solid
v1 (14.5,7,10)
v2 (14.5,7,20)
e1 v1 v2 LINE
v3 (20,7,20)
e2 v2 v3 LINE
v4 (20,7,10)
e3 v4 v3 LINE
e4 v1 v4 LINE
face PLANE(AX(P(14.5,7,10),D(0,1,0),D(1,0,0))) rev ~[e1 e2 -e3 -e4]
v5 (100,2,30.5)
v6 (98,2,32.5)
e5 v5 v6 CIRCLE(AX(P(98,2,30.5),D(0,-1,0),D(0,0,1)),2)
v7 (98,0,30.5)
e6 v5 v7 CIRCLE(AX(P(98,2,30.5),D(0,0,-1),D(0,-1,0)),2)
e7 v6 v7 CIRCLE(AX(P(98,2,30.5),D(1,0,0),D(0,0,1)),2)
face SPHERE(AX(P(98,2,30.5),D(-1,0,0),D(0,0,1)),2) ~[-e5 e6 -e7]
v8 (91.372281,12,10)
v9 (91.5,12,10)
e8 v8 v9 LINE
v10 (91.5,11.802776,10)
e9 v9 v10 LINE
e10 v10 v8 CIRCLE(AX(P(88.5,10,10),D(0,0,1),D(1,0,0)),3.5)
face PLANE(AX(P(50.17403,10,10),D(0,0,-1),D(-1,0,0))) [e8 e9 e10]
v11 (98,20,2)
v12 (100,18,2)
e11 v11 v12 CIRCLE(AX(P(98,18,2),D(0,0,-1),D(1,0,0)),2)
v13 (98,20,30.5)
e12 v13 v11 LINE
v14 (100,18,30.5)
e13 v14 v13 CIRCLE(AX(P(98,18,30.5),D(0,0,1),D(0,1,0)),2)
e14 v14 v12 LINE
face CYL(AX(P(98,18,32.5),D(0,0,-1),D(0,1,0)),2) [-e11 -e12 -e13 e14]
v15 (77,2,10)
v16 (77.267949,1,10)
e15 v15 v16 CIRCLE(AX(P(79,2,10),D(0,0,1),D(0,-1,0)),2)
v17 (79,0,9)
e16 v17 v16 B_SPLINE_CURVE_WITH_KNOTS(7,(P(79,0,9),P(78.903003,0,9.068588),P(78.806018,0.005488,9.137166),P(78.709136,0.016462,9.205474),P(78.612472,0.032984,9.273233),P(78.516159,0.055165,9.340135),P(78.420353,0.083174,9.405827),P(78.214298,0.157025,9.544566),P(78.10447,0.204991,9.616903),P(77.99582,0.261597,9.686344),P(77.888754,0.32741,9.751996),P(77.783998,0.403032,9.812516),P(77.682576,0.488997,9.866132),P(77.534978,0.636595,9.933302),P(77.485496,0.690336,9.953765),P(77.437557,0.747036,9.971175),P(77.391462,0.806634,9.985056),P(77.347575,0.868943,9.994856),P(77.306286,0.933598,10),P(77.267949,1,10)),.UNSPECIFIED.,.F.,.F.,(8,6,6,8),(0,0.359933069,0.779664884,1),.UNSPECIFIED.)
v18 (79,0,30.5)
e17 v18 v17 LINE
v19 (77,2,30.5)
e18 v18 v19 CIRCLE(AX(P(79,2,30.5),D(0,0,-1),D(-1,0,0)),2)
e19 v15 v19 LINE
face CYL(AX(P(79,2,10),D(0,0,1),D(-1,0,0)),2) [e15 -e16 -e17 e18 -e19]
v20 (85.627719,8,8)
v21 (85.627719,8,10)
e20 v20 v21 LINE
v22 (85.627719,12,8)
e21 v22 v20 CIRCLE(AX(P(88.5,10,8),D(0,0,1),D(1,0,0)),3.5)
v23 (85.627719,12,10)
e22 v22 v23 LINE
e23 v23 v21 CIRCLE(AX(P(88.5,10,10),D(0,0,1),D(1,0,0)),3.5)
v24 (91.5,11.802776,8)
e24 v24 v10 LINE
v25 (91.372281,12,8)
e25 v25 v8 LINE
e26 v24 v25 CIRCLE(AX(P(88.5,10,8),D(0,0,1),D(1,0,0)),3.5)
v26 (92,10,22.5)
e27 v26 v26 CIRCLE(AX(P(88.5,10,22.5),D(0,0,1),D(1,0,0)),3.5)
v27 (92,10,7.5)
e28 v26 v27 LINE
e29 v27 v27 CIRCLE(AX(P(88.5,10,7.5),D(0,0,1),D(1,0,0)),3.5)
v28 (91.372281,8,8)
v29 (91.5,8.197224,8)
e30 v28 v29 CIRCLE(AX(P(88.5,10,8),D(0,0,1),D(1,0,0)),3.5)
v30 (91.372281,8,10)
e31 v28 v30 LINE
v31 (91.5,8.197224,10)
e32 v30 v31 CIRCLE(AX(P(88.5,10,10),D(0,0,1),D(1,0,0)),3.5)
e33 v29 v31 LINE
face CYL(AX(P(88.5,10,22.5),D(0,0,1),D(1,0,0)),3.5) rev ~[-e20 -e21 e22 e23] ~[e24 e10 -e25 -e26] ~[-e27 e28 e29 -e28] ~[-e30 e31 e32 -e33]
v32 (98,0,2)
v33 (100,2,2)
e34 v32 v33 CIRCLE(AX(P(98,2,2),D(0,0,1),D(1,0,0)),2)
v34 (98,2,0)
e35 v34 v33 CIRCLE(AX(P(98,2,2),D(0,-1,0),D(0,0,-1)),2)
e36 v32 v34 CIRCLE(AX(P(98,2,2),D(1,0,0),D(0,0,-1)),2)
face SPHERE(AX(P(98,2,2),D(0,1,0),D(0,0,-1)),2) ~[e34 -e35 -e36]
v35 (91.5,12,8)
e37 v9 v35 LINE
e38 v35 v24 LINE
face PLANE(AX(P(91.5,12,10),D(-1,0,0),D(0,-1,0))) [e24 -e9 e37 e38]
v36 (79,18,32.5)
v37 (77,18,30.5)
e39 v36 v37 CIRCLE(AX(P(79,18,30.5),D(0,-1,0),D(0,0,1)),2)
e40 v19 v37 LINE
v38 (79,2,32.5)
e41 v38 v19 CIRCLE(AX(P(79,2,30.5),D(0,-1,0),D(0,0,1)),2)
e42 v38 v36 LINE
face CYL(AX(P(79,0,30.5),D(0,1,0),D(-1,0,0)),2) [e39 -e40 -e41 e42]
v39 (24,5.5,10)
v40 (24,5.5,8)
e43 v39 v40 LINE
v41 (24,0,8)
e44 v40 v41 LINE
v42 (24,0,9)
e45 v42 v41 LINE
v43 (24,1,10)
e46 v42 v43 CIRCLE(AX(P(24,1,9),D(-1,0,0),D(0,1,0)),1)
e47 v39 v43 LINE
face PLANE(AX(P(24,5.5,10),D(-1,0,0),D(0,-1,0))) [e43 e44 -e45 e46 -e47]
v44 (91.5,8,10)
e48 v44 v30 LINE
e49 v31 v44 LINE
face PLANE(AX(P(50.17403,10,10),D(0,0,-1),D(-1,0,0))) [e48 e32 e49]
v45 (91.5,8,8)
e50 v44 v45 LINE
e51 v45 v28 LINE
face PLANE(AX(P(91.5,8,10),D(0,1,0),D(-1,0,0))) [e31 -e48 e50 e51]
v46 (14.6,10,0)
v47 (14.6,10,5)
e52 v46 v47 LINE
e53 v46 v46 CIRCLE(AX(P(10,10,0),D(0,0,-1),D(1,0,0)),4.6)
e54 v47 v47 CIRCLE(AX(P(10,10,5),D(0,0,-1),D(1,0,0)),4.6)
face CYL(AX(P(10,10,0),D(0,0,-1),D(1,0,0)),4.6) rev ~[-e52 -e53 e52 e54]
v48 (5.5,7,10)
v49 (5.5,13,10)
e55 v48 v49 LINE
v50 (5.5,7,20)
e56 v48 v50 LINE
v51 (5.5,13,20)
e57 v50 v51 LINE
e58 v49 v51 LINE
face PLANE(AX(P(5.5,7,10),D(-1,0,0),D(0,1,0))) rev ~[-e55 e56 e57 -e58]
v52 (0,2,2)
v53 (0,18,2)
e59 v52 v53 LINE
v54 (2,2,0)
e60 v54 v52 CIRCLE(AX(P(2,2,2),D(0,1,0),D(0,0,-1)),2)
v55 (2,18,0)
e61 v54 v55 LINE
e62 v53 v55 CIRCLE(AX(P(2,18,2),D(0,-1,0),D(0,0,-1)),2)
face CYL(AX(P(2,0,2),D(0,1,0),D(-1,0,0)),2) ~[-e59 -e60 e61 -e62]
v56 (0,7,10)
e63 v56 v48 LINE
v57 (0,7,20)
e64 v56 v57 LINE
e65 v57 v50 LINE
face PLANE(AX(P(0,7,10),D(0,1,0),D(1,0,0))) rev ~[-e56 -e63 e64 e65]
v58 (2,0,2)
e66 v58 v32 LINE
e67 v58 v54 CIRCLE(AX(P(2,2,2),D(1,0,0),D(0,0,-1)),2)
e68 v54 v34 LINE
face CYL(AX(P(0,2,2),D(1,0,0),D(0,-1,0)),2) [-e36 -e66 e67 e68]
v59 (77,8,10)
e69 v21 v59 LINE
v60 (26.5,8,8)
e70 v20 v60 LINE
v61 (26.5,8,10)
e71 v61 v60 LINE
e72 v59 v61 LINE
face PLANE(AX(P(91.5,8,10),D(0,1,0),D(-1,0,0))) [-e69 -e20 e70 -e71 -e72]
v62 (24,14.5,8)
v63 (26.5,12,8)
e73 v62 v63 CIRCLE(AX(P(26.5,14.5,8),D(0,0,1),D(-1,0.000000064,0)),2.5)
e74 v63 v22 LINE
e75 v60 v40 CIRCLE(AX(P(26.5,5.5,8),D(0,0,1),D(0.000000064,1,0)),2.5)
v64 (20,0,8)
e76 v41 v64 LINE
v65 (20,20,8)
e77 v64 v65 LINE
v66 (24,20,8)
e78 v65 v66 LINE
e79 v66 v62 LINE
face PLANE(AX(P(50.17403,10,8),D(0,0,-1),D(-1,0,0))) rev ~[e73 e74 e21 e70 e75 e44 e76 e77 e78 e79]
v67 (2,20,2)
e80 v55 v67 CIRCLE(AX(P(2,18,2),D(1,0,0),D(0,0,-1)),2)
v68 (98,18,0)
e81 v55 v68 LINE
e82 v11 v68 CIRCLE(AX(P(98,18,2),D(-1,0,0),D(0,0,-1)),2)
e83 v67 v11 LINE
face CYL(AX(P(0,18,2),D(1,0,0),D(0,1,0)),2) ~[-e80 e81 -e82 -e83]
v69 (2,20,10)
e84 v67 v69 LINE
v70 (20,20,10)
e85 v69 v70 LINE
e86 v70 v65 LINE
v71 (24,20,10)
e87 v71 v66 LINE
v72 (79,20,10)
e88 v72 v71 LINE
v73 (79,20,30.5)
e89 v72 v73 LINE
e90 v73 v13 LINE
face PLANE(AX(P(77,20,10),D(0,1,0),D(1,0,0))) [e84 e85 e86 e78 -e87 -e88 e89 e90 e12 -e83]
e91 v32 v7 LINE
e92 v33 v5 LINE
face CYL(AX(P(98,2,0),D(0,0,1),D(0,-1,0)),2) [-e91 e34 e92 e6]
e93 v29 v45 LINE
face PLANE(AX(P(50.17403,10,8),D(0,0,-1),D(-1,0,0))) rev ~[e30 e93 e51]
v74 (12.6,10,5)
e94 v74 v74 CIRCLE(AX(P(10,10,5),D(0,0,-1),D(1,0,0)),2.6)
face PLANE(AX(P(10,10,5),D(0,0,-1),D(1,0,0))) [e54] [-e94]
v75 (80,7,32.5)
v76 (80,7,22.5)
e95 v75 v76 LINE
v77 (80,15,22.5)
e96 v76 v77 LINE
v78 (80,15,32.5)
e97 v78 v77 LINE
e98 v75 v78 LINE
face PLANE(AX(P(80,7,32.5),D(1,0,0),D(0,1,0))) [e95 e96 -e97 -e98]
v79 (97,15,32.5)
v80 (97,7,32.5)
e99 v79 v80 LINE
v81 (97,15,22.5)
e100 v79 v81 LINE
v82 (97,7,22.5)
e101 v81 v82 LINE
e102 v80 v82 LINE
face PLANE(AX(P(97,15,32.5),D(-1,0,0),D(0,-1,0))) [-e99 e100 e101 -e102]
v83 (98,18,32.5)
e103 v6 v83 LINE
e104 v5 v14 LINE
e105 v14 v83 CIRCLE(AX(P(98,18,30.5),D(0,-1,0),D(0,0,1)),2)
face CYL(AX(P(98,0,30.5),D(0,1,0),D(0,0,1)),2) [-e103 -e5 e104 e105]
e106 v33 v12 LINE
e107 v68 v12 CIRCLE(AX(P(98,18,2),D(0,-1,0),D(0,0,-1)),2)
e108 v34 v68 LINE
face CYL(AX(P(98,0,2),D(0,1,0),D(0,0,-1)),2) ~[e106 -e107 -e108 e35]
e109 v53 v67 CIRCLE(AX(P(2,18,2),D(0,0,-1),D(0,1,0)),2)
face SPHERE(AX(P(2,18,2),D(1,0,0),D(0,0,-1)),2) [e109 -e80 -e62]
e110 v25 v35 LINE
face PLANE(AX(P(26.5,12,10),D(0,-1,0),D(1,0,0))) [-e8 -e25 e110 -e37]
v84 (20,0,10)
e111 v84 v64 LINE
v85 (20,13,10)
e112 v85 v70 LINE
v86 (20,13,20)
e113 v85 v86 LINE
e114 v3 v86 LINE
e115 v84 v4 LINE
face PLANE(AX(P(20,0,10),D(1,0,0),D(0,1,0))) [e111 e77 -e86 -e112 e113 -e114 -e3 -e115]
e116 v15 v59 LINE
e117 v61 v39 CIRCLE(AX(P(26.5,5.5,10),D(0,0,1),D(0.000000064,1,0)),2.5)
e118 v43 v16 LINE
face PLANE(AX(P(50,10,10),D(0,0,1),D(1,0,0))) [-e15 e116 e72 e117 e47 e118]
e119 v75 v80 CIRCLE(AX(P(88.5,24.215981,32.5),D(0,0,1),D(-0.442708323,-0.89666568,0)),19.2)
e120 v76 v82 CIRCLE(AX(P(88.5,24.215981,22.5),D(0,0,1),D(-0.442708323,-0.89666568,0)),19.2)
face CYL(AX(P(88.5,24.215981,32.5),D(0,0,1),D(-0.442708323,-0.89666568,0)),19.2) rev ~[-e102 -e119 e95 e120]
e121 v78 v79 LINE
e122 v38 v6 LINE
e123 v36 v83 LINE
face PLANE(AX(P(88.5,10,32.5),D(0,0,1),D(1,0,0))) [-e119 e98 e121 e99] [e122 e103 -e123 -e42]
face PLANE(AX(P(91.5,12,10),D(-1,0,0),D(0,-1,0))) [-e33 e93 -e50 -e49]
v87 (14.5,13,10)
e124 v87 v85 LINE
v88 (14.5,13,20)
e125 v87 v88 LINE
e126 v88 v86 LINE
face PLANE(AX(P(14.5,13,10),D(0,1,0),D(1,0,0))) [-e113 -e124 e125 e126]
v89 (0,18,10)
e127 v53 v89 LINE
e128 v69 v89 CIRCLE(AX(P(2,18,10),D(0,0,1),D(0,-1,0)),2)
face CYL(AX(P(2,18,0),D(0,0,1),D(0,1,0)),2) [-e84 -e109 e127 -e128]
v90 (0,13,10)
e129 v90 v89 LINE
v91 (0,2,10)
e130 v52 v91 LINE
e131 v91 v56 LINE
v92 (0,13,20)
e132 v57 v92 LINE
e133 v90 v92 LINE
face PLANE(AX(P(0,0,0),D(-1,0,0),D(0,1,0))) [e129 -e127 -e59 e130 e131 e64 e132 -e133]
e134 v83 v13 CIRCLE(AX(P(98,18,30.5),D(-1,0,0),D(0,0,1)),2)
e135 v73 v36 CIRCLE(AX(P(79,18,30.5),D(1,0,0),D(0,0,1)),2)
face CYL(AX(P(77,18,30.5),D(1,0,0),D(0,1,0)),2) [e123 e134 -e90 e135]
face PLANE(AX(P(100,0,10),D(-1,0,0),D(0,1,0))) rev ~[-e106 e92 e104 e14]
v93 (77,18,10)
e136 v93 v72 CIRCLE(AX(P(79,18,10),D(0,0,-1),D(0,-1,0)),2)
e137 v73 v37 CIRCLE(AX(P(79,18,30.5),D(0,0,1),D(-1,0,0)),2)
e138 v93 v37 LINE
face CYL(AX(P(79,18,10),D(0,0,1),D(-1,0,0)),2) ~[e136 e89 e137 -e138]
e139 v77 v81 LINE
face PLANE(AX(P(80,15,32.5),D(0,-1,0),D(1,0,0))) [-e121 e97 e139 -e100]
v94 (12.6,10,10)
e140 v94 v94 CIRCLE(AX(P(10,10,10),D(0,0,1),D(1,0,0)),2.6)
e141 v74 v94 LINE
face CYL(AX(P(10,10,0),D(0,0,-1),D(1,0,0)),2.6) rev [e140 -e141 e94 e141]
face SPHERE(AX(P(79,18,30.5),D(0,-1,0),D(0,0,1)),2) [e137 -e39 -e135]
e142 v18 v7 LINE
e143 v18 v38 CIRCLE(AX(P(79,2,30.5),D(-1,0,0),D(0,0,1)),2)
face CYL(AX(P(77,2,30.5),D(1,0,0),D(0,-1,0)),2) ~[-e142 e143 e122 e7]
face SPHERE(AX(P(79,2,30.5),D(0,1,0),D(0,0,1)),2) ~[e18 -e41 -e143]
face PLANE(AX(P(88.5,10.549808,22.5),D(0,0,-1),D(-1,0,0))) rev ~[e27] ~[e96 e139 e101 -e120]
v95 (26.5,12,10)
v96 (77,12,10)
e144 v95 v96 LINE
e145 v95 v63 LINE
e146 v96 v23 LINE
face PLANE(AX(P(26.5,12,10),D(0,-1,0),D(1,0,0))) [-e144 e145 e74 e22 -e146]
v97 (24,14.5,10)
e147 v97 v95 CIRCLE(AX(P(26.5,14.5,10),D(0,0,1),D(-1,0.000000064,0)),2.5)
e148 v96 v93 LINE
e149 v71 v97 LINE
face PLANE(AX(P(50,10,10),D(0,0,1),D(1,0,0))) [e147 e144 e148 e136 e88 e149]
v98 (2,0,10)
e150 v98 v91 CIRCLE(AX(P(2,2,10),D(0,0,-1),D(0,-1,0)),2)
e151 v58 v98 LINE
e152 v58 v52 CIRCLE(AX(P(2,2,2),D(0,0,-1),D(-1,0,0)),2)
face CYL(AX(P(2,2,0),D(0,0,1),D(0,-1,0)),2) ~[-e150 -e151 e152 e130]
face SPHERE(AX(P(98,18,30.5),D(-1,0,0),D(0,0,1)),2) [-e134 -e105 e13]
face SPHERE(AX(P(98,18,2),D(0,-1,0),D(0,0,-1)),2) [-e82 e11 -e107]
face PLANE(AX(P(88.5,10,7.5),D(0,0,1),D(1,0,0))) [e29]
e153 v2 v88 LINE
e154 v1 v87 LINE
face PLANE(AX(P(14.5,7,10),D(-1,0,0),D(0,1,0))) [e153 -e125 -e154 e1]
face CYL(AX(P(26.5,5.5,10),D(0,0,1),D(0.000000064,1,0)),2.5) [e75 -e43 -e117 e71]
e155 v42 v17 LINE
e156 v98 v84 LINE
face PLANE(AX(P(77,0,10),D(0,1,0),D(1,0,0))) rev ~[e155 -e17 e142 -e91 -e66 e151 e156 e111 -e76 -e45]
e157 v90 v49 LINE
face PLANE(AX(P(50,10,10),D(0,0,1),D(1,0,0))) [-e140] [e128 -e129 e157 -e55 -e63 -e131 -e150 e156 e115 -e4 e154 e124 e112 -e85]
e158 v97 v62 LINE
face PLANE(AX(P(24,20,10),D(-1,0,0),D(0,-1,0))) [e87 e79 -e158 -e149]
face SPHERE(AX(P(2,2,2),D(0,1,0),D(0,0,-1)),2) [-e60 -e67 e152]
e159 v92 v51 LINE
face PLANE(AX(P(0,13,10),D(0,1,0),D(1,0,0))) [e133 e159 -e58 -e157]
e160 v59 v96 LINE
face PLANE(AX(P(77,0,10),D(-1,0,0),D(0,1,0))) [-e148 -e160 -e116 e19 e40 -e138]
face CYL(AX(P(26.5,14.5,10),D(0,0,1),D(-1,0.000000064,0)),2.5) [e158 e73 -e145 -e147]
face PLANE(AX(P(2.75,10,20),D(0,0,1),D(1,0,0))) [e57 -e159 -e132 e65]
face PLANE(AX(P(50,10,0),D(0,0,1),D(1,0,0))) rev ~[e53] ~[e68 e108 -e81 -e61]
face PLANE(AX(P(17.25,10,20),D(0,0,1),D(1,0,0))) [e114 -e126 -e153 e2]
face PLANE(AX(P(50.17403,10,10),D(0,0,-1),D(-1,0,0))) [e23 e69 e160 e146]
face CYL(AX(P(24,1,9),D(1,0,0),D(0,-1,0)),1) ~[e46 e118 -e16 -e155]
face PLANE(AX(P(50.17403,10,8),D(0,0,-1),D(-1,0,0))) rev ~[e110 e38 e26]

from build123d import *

# Parameters (mm, degrees)
SKETCH_W        = 100
SKETCH_H        = 20
SKETCH_R        = 2.6
PAD_DEPTH       = 10
SKETCH001_W     = 23
SKETCH001_H     = 20
PAD001_DEPTH    = 22.5
POCKET_DEPTH    = 10
SKETCH003_R     = 3.5
POCKET001_DEPTH = 15
POCKET002_DEPTH = 2
SKETCH006_W     = 5.5
SKETCH006_H     = 6
PAD002_DEPTH    = 10
FILLET_R        = 2
FILLET001_R     = 1
SKETCH007_R     = 4.6
POCKET003_DEPTH = 5


with BuildPart() as part:
    # Sketch → Pad (new body)
    with BuildSketch(Plane.XY):
        with Locations((50, 10)):
            Rectangle(SKETCH_W, SKETCH_H)
        with Locations((10, 10)):
            Circle(SKETCH_R, mode=Mode.SUBTRACT)
    extrude(amount=PAD_DEPTH)

    # Sketch001 (on Face7 of Pad) → Pad001 (join)
    with BuildSketch(Plane.XY.offset(10)):
        with Locations((88.5, 10)):
            Rectangle(SKETCH001_W, SKETCH001_H)
    extrude(amount=PAD001_DEPTH)

    # Sketch002 (on Face11 of Pad001) → Pocket (cut)
    with BuildSketch(Plane.XY.offset(32.5)):
        with BuildLine():
            Line((80, 15), (97, 15))
            Line((97, 15), (97, 7))
            ThreePointArc((80, 7), (88.5, 5.015981), (97, 7))
            Line((80, 7), (80, 15))
        make_face()
    extrude(amount=-POCKET_DEPTH, mode=Mode.SUBTRACT)

    # Sketch003 (on Face17 of Pocket) → Pocket001 (cut)
    with BuildSketch(Plane.XY.offset(22.5)):
        with Locations((88.5, 10)):
            Circle(SKETCH003_R)
    extrude(amount=-POCKET001_DEPTH, mode=Mode.SUBTRACT)

    # Sketch004 (on Face5 of Pocket001) → Pocket002 (cut)
    with BuildSketch(Plane.XY.offset(10)):
        with BuildLine():
            Line((26.5, 12), (91.5, 12))
            Line((91.5, 12), (91.5, 8))
            Line((91.5, 8), (26.5, 8))
            ThreePointArc((26.5, 8), (24.732233, 7.267767), (24, 5.5))
            Line((24, 5.5), (24, 0))
            Line((24, 0), (20, 0))
            Line((20, 0), (20, 20))
            Line((20, 20), (24, 20))
            Line((24, 20), (24, 14.5))
            ThreePointArc((24, 14.5), (24.732233, 12.732233), (26.5, 12))
        make_face()
    extrude(amount=-POCKET002_DEPTH, mode=Mode.SUBTRACT)

    # Sketch006 → Pad002 (join)
    with BuildSketch(Plane.XY.offset(10)):
        with Locations((2.75, 10)):
            Rectangle(SKETCH006_W, SKETCH006_H)
        with Locations((17.25, 10)):
            Rectangle(SKETCH006_W, SKETCH006_H)
    extrude(amount=PAD002_DEPTH)

    # Fillet
    fillet_edges = [part.edges().sort_by_distance(p)[0] for p in [
        (77, 10, 32.5),
        (88.5, 0, 32.5),
        (88.5, 20, 32.5),
        (100, 10, 32.5),
        (100, 10, 0),
        (50, 20, 0),
        (0, 10, 0),
        (50, 0, 0),
        (77, 20, 21.25),
        (77, 0, 21.25),
        (100, 0, 21.25),
        (100, 20, 21.25),
        (0, 20, 5),
        (0, 0, 5),
    ]]
    fillet(fillet_edges, radius=FILLET_R)

    # Fillet001
    fillet001_edges = [part.edges().sort_by_distance(p)[0] for p in [
        (0, 18, 6),
        (50.5, 0, 10),
    ]]
    fillet(fillet001_edges, radius=FILLET001_R)

    # Sketch007 (on Face38 of Fillet001) → Pocket003 (cut)
    with BuildSketch(Plane(origin=(0, 0, 0), x_dir=(1, 0, 0), z_dir=(0, 0, -1))):
        with Locations((10, -10)):
            Circle(SKETCH007_R)
    extrude(amount=-POCKET003_DEPTH, mode=Mode.SUBTRACT)


solid = part.part
